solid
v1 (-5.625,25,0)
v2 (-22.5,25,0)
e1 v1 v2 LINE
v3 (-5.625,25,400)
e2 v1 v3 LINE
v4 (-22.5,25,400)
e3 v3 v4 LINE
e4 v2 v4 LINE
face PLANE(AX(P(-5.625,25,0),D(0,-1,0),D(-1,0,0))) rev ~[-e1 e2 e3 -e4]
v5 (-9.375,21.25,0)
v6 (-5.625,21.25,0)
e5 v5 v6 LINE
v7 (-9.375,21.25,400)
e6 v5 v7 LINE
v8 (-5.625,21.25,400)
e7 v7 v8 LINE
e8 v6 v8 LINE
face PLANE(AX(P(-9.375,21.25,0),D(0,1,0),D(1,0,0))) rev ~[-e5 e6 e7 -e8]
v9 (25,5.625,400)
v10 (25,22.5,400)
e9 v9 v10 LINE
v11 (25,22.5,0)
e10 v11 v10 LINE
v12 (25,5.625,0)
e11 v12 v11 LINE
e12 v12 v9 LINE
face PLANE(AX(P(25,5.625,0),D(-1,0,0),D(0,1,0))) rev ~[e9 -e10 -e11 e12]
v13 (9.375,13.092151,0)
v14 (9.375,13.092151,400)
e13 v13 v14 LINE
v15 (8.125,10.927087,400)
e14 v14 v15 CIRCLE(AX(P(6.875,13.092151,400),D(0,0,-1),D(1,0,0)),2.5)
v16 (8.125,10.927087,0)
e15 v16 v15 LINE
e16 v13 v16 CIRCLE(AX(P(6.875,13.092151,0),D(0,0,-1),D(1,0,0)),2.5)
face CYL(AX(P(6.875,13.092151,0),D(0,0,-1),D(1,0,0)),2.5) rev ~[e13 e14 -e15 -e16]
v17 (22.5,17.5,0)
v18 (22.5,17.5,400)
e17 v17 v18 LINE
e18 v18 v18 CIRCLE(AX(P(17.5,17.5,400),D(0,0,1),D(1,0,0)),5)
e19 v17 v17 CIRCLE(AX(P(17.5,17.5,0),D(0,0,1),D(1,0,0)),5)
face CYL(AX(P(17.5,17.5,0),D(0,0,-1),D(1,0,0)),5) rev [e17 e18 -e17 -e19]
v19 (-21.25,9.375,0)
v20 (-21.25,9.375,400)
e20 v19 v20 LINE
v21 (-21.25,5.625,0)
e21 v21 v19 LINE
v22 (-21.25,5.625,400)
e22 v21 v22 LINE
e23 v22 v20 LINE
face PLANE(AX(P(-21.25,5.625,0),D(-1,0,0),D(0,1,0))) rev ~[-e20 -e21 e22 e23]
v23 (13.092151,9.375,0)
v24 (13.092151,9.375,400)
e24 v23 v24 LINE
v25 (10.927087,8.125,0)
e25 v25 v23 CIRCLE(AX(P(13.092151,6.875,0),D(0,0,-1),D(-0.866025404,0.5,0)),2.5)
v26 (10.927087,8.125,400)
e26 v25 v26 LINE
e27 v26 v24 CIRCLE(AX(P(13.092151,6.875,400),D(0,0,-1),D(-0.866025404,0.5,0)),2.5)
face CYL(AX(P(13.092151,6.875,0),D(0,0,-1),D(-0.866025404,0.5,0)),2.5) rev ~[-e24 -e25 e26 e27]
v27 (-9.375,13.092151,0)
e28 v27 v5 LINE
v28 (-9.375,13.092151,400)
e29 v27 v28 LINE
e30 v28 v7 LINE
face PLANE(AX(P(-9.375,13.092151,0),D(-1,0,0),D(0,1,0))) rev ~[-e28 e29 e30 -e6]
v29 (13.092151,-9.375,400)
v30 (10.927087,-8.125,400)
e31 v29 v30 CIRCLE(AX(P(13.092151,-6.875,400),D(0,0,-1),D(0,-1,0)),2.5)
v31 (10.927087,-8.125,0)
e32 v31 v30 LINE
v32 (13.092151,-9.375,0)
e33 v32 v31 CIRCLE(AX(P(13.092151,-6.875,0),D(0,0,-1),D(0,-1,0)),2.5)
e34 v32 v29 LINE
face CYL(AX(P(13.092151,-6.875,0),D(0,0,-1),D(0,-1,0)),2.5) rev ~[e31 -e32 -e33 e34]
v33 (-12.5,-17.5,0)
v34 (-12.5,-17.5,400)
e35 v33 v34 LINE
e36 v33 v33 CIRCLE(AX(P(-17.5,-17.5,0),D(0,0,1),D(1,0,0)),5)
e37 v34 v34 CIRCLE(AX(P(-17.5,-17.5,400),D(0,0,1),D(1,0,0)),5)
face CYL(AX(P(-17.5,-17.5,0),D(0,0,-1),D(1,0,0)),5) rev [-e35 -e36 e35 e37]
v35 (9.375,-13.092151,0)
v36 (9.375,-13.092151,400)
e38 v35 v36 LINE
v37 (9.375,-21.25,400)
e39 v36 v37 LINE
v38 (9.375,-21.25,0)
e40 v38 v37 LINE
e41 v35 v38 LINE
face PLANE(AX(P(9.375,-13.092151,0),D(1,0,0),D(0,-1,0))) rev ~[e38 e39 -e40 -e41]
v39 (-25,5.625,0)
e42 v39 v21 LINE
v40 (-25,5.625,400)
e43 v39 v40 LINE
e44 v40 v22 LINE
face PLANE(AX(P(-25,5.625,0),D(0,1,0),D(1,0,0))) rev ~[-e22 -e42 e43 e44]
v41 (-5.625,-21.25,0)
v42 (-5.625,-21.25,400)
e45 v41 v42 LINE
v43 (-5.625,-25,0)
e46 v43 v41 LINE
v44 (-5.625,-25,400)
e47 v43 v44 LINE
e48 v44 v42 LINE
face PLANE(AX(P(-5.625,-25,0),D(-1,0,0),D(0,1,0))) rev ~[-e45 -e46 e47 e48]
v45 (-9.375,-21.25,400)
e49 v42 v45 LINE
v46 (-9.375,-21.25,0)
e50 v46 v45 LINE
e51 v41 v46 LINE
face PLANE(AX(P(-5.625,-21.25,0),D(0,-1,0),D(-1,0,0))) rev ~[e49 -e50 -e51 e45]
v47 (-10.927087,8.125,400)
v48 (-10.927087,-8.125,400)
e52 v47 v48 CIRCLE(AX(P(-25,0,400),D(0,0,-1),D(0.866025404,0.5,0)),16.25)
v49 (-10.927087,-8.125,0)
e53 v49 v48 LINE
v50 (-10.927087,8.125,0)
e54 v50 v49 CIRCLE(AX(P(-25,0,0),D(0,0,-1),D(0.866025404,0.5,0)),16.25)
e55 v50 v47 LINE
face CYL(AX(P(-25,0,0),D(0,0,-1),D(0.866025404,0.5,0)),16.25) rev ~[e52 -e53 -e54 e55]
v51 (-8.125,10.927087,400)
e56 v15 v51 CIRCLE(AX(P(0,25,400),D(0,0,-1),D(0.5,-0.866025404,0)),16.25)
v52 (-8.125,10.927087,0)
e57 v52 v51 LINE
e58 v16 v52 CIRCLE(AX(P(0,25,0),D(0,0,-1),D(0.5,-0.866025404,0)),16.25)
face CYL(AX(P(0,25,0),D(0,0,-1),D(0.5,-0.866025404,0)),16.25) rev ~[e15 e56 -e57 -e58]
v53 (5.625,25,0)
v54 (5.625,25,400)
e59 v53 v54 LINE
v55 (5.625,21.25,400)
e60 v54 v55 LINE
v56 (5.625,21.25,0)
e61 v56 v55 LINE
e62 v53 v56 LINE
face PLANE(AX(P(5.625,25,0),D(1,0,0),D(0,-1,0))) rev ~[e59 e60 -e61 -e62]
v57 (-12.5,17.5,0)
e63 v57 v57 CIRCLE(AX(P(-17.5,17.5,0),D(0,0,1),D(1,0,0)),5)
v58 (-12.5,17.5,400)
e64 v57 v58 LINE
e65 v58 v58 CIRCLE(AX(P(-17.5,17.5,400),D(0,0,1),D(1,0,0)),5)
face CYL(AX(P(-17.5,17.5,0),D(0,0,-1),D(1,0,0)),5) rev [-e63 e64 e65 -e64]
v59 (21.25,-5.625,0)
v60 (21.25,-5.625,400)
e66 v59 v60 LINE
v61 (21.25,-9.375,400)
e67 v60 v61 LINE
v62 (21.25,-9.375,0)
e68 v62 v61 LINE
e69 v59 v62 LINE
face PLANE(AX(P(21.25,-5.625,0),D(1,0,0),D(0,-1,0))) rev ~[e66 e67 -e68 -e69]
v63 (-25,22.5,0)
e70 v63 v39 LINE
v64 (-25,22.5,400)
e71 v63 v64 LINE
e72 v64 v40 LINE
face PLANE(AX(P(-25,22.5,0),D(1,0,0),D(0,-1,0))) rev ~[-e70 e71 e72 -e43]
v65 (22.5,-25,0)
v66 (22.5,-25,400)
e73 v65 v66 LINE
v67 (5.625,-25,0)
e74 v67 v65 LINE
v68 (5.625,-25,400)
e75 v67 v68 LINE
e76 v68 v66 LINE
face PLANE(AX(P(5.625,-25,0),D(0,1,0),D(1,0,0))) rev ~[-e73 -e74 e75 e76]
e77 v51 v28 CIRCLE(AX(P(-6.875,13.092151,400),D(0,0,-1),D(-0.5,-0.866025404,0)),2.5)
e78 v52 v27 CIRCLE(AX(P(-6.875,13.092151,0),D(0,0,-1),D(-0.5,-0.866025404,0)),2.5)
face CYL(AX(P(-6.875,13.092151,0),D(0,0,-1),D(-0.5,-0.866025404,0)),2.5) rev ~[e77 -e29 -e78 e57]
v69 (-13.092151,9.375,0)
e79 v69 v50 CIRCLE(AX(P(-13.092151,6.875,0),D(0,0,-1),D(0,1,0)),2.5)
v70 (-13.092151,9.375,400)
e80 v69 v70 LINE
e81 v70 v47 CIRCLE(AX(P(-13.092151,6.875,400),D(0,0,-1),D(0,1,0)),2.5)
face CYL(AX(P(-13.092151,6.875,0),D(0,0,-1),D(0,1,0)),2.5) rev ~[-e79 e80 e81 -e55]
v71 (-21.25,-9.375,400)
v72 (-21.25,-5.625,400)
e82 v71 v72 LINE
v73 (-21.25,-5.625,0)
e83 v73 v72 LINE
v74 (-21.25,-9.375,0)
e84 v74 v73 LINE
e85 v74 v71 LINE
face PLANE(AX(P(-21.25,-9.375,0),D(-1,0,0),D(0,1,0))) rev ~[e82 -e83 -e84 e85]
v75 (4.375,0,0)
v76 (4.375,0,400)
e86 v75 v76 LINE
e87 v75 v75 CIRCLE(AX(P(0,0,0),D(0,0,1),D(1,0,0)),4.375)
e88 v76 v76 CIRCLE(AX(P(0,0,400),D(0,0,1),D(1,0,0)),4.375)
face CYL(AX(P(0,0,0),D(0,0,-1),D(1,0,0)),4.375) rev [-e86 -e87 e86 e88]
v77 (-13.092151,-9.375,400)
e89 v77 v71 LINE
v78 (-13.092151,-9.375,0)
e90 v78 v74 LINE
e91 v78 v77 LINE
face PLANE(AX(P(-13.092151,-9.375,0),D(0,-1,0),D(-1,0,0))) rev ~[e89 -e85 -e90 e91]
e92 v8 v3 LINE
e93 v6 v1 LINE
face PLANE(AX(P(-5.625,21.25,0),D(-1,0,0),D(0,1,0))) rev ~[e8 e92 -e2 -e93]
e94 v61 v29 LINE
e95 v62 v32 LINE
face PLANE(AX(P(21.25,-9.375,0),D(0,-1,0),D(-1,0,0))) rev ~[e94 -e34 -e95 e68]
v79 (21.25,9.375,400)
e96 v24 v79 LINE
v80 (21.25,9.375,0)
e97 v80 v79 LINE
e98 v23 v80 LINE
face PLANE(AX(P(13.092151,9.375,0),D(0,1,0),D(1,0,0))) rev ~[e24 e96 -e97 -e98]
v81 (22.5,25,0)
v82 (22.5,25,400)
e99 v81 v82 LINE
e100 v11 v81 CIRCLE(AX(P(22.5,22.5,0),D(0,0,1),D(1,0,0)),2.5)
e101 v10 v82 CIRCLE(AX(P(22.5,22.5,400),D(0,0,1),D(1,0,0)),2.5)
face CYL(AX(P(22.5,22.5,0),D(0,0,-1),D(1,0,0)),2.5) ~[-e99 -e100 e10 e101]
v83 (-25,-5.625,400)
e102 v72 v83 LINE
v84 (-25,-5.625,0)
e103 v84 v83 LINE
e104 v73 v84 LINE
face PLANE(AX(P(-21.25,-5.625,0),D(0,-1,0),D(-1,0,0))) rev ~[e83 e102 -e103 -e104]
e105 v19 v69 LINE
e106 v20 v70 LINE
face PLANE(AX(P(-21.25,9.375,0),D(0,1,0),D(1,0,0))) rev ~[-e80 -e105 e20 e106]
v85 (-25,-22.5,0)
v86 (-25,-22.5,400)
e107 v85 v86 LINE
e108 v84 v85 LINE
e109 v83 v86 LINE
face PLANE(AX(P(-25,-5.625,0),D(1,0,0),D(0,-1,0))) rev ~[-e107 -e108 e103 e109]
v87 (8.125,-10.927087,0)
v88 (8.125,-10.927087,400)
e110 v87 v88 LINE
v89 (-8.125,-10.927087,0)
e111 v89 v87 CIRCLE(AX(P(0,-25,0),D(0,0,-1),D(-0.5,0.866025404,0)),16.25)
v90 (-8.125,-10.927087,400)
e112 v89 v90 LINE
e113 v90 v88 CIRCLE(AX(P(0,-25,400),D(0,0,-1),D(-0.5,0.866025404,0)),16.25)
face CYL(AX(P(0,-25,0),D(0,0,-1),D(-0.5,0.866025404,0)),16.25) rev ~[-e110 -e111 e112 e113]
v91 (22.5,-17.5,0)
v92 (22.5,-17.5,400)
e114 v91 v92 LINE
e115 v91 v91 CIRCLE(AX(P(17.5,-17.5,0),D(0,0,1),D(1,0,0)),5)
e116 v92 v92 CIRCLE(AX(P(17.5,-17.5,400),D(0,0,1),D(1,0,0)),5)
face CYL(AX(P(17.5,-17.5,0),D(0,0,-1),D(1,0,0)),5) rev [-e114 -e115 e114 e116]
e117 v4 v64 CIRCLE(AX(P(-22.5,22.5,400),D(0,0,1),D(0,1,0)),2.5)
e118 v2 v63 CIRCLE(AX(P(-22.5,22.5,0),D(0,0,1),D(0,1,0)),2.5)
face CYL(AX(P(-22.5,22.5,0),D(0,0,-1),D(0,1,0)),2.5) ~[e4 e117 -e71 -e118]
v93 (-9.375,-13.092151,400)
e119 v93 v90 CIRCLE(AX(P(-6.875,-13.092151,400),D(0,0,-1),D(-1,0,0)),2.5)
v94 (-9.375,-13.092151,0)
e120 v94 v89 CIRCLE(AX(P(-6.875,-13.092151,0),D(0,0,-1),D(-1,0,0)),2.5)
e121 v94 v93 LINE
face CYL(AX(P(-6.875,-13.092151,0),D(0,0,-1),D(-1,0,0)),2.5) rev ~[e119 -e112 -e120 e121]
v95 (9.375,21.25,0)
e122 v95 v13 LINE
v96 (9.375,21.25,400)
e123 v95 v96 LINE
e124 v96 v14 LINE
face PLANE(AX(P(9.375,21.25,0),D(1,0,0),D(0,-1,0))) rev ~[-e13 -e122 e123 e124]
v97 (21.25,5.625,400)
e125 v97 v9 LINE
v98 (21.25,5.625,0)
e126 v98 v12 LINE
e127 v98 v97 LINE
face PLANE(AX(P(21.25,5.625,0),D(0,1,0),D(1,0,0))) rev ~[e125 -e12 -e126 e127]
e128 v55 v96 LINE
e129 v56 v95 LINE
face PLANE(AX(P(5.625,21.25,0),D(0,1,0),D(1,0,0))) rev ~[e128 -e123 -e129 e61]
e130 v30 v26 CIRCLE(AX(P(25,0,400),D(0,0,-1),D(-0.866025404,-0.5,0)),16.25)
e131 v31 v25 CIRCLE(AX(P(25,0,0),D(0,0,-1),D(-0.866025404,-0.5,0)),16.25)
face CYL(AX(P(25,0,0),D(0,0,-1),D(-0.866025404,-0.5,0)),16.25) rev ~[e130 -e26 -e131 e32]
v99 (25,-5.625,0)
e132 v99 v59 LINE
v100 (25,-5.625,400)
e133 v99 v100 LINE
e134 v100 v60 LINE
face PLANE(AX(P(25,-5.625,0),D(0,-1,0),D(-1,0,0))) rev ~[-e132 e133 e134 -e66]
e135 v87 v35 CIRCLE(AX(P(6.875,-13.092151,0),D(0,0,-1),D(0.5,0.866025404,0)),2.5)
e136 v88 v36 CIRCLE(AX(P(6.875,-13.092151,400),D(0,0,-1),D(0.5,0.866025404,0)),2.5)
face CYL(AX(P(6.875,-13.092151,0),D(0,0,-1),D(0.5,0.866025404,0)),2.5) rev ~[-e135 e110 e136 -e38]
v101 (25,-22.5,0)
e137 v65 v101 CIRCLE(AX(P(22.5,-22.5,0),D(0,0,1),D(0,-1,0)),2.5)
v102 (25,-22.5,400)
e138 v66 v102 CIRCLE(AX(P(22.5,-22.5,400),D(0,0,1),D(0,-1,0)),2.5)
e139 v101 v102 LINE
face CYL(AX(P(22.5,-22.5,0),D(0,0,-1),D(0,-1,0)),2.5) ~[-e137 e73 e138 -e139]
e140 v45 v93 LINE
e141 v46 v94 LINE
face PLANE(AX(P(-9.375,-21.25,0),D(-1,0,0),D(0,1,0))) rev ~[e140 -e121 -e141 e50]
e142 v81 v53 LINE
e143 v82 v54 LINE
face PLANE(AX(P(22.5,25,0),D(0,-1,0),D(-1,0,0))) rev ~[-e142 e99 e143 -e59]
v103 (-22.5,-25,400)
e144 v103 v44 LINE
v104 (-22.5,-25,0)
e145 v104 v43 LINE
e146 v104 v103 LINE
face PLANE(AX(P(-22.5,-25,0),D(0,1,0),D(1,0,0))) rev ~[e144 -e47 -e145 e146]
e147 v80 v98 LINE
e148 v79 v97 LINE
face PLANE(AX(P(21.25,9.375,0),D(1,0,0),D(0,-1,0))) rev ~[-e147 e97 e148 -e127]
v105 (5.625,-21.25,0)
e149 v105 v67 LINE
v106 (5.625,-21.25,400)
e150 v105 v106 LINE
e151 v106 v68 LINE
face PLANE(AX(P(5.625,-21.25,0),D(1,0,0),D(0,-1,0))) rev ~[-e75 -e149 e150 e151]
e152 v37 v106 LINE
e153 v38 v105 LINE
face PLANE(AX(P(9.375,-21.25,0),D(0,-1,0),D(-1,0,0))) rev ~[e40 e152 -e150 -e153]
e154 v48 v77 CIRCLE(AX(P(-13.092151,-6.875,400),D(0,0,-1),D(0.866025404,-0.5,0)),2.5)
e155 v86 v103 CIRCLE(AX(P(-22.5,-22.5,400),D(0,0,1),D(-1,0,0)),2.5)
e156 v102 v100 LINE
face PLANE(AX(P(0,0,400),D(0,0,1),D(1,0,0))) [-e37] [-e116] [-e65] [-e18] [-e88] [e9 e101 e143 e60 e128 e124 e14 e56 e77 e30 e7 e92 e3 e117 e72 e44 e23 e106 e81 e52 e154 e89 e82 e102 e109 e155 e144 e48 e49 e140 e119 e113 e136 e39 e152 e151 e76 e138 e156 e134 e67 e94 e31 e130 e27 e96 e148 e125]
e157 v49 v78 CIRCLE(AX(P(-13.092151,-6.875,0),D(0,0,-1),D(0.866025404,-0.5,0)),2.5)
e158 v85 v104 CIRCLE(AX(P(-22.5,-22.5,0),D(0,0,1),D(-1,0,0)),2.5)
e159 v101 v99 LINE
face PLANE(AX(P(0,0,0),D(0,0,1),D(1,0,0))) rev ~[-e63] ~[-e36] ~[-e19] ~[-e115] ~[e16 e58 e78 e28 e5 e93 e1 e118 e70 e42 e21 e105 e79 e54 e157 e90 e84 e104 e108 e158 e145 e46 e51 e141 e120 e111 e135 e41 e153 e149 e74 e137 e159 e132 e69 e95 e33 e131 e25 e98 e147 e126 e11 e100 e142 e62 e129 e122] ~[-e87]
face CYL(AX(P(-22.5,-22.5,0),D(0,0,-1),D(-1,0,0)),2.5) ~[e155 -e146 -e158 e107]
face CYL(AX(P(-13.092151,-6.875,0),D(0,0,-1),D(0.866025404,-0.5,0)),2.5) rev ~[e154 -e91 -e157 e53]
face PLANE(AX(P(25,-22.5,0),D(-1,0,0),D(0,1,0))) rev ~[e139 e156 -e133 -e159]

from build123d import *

# Parameters (mm, degrees)
SKETCH1_R           = 5
SKETCH1_R_2         = 4.375
BOSS_EXTRUDE1_DEPTH = 400


with BuildPart() as part:
    # Sketch1 → Boss-Extrude1 (new body)
    with BuildSketch(Plane.XY):
        with BuildLine():
            Line((-25, 22.5), (-25, 5.625))
            Line((-25, 5.625), (-21.25, 5.625))
            Line((-21.25, 5.625), (-21.25, 9.375))
            Line((-21.25, 9.375), (-13.092150698, 9.375))
            ThreePointArc((-13.092150698, 9.375), (-11.842150698, 9.040063509), (-10.927087189, 8.125))
            ThreePointArc((-10.927087189, 8.125), (-8.75, 0), (-10.927087189, -8.125))
            ThreePointArc((-10.927087189, -8.125), (-11.842150698, -9.040063509), (-13.092150698, -9.375))
            Line((-13.092150698, -9.375), (-21.25, -9.375))
            Line((-21.25, -9.375), (-21.25, -5.625))
            Line((-21.25, -5.625), (-25, -5.625))
            Line((-25, -5.625), (-25, -22.5))
            ThreePointArc((-25, -22.5), (-24.267766953, -24.267766953), (-22.5, -25))
            Line((-22.5, -25), (-5.625, -25))
            Line((-5.625, -25), (-5.625, -21.25))
            Line((-5.625, -21.25), (-9.375, -21.25))
            Line((-9.375, -21.25), (-9.375, -13.092150698))
            ThreePointArc((-9.375, -13.092150698), (-9.040063509, -11.842150698), (-8.125, -10.927087189))
            ThreePointArc((-8.125, -10.927087189), (0, -8.75), (8.125, -10.927087189))
            ThreePointArc((8.125, -10.927087189), (9.040063509, -11.842150698), (9.375, -13.092150698))
            Line((9.375, -13.092150698), (9.375, -21.25))
            Line((9.375, -21.25), (5.625, -21.25))
            Line((5.625, -21.25), (5.625, -25))
            Line((5.625, -25), (22.5, -25))
            ThreePointArc((22.5, -25), (24.267766953, -24.267766953), (25, -22.5))
            Line((25, -22.5), (25, -5.625))
            Line((25, -5.625), (21.25, -5.625))
            Line((21.25, -5.625), (21.25, -9.375))
            Line((21.25, -9.375), (13.092150698, -9.375))
            ThreePointArc((13.092150698, -9.375), (11.842150698, -9.040063509), (10.927087189, -8.125))
            ThreePointArc((10.927087189, -8.125), (8.75, 0), (10.927087189, 8.125))
            ThreePointArc((10.927087189, 8.125), (11.842150698, 9.040063509), (13.092150698, 9.375))
            Line((13.092150698, 9.375), (21.25, 9.375))
            Line((21.25, 9.375), (21.25, 5.625))
            Line((21.25, 5.625), (25, 5.625))
            Line((25, 5.625), (25, 22.5))
            ThreePointArc((25, 22.5), (24.267766953, 24.267766953), (22.5, 25))
            Line((22.5, 25), (5.625, 25))
            Line((5.625, 25), (5.625, 21.25))
            Line((5.625, 21.25), (9.375, 21.25))
            Line((9.375, 21.25), (9.375, 13.092150698))
            ThreePointArc((9.375, 13.092150698), (9.040063509, 11.842150698), (8.125, 10.927087189))
            ThreePointArc((8.125, 10.927087189), (0, 8.75), (-8.125, 10.927087189))
            ThreePointArc((-8.125, 10.927087189), (-9.040063509, 11.842150698), (-9.375, 13.092150698))
            Line((-9.375, 13.092150698), (-9.375, 21.25))
            Line((-9.375, 21.25), (-5.625, 21.25))
            Line((-5.625, 21.25), (-5.625, 25))
            Line((-5.625, 25), (-22.5, 25))
            ThreePointArc((-22.5, 25), (-24.267766953, 24.267766953), (-25, 22.5))
        make_face()
        with Locations((-17.5, -17.5)):
            Circle(SKETCH1_R, mode=Mode.SUBTRACT)
        with Locations((17.5, -17.5)):
            Circle(SKETCH1_R, mode=Mode.SUBTRACT)
        with Locations((17.5, 17.5)):
            Circle(SKETCH1_R, mode=Mode.SUBTRACT)
        Circle(SKETCH1_R_2, mode=Mode.SUBTRACT)
        with Locations((-17.5, 17.5)):
            Circle(SKETCH1_R, mode=Mode.SUBTRACT)
    extrude(amount=BOSS_EXTRUDE1_DEPTH)


solid = part.part
